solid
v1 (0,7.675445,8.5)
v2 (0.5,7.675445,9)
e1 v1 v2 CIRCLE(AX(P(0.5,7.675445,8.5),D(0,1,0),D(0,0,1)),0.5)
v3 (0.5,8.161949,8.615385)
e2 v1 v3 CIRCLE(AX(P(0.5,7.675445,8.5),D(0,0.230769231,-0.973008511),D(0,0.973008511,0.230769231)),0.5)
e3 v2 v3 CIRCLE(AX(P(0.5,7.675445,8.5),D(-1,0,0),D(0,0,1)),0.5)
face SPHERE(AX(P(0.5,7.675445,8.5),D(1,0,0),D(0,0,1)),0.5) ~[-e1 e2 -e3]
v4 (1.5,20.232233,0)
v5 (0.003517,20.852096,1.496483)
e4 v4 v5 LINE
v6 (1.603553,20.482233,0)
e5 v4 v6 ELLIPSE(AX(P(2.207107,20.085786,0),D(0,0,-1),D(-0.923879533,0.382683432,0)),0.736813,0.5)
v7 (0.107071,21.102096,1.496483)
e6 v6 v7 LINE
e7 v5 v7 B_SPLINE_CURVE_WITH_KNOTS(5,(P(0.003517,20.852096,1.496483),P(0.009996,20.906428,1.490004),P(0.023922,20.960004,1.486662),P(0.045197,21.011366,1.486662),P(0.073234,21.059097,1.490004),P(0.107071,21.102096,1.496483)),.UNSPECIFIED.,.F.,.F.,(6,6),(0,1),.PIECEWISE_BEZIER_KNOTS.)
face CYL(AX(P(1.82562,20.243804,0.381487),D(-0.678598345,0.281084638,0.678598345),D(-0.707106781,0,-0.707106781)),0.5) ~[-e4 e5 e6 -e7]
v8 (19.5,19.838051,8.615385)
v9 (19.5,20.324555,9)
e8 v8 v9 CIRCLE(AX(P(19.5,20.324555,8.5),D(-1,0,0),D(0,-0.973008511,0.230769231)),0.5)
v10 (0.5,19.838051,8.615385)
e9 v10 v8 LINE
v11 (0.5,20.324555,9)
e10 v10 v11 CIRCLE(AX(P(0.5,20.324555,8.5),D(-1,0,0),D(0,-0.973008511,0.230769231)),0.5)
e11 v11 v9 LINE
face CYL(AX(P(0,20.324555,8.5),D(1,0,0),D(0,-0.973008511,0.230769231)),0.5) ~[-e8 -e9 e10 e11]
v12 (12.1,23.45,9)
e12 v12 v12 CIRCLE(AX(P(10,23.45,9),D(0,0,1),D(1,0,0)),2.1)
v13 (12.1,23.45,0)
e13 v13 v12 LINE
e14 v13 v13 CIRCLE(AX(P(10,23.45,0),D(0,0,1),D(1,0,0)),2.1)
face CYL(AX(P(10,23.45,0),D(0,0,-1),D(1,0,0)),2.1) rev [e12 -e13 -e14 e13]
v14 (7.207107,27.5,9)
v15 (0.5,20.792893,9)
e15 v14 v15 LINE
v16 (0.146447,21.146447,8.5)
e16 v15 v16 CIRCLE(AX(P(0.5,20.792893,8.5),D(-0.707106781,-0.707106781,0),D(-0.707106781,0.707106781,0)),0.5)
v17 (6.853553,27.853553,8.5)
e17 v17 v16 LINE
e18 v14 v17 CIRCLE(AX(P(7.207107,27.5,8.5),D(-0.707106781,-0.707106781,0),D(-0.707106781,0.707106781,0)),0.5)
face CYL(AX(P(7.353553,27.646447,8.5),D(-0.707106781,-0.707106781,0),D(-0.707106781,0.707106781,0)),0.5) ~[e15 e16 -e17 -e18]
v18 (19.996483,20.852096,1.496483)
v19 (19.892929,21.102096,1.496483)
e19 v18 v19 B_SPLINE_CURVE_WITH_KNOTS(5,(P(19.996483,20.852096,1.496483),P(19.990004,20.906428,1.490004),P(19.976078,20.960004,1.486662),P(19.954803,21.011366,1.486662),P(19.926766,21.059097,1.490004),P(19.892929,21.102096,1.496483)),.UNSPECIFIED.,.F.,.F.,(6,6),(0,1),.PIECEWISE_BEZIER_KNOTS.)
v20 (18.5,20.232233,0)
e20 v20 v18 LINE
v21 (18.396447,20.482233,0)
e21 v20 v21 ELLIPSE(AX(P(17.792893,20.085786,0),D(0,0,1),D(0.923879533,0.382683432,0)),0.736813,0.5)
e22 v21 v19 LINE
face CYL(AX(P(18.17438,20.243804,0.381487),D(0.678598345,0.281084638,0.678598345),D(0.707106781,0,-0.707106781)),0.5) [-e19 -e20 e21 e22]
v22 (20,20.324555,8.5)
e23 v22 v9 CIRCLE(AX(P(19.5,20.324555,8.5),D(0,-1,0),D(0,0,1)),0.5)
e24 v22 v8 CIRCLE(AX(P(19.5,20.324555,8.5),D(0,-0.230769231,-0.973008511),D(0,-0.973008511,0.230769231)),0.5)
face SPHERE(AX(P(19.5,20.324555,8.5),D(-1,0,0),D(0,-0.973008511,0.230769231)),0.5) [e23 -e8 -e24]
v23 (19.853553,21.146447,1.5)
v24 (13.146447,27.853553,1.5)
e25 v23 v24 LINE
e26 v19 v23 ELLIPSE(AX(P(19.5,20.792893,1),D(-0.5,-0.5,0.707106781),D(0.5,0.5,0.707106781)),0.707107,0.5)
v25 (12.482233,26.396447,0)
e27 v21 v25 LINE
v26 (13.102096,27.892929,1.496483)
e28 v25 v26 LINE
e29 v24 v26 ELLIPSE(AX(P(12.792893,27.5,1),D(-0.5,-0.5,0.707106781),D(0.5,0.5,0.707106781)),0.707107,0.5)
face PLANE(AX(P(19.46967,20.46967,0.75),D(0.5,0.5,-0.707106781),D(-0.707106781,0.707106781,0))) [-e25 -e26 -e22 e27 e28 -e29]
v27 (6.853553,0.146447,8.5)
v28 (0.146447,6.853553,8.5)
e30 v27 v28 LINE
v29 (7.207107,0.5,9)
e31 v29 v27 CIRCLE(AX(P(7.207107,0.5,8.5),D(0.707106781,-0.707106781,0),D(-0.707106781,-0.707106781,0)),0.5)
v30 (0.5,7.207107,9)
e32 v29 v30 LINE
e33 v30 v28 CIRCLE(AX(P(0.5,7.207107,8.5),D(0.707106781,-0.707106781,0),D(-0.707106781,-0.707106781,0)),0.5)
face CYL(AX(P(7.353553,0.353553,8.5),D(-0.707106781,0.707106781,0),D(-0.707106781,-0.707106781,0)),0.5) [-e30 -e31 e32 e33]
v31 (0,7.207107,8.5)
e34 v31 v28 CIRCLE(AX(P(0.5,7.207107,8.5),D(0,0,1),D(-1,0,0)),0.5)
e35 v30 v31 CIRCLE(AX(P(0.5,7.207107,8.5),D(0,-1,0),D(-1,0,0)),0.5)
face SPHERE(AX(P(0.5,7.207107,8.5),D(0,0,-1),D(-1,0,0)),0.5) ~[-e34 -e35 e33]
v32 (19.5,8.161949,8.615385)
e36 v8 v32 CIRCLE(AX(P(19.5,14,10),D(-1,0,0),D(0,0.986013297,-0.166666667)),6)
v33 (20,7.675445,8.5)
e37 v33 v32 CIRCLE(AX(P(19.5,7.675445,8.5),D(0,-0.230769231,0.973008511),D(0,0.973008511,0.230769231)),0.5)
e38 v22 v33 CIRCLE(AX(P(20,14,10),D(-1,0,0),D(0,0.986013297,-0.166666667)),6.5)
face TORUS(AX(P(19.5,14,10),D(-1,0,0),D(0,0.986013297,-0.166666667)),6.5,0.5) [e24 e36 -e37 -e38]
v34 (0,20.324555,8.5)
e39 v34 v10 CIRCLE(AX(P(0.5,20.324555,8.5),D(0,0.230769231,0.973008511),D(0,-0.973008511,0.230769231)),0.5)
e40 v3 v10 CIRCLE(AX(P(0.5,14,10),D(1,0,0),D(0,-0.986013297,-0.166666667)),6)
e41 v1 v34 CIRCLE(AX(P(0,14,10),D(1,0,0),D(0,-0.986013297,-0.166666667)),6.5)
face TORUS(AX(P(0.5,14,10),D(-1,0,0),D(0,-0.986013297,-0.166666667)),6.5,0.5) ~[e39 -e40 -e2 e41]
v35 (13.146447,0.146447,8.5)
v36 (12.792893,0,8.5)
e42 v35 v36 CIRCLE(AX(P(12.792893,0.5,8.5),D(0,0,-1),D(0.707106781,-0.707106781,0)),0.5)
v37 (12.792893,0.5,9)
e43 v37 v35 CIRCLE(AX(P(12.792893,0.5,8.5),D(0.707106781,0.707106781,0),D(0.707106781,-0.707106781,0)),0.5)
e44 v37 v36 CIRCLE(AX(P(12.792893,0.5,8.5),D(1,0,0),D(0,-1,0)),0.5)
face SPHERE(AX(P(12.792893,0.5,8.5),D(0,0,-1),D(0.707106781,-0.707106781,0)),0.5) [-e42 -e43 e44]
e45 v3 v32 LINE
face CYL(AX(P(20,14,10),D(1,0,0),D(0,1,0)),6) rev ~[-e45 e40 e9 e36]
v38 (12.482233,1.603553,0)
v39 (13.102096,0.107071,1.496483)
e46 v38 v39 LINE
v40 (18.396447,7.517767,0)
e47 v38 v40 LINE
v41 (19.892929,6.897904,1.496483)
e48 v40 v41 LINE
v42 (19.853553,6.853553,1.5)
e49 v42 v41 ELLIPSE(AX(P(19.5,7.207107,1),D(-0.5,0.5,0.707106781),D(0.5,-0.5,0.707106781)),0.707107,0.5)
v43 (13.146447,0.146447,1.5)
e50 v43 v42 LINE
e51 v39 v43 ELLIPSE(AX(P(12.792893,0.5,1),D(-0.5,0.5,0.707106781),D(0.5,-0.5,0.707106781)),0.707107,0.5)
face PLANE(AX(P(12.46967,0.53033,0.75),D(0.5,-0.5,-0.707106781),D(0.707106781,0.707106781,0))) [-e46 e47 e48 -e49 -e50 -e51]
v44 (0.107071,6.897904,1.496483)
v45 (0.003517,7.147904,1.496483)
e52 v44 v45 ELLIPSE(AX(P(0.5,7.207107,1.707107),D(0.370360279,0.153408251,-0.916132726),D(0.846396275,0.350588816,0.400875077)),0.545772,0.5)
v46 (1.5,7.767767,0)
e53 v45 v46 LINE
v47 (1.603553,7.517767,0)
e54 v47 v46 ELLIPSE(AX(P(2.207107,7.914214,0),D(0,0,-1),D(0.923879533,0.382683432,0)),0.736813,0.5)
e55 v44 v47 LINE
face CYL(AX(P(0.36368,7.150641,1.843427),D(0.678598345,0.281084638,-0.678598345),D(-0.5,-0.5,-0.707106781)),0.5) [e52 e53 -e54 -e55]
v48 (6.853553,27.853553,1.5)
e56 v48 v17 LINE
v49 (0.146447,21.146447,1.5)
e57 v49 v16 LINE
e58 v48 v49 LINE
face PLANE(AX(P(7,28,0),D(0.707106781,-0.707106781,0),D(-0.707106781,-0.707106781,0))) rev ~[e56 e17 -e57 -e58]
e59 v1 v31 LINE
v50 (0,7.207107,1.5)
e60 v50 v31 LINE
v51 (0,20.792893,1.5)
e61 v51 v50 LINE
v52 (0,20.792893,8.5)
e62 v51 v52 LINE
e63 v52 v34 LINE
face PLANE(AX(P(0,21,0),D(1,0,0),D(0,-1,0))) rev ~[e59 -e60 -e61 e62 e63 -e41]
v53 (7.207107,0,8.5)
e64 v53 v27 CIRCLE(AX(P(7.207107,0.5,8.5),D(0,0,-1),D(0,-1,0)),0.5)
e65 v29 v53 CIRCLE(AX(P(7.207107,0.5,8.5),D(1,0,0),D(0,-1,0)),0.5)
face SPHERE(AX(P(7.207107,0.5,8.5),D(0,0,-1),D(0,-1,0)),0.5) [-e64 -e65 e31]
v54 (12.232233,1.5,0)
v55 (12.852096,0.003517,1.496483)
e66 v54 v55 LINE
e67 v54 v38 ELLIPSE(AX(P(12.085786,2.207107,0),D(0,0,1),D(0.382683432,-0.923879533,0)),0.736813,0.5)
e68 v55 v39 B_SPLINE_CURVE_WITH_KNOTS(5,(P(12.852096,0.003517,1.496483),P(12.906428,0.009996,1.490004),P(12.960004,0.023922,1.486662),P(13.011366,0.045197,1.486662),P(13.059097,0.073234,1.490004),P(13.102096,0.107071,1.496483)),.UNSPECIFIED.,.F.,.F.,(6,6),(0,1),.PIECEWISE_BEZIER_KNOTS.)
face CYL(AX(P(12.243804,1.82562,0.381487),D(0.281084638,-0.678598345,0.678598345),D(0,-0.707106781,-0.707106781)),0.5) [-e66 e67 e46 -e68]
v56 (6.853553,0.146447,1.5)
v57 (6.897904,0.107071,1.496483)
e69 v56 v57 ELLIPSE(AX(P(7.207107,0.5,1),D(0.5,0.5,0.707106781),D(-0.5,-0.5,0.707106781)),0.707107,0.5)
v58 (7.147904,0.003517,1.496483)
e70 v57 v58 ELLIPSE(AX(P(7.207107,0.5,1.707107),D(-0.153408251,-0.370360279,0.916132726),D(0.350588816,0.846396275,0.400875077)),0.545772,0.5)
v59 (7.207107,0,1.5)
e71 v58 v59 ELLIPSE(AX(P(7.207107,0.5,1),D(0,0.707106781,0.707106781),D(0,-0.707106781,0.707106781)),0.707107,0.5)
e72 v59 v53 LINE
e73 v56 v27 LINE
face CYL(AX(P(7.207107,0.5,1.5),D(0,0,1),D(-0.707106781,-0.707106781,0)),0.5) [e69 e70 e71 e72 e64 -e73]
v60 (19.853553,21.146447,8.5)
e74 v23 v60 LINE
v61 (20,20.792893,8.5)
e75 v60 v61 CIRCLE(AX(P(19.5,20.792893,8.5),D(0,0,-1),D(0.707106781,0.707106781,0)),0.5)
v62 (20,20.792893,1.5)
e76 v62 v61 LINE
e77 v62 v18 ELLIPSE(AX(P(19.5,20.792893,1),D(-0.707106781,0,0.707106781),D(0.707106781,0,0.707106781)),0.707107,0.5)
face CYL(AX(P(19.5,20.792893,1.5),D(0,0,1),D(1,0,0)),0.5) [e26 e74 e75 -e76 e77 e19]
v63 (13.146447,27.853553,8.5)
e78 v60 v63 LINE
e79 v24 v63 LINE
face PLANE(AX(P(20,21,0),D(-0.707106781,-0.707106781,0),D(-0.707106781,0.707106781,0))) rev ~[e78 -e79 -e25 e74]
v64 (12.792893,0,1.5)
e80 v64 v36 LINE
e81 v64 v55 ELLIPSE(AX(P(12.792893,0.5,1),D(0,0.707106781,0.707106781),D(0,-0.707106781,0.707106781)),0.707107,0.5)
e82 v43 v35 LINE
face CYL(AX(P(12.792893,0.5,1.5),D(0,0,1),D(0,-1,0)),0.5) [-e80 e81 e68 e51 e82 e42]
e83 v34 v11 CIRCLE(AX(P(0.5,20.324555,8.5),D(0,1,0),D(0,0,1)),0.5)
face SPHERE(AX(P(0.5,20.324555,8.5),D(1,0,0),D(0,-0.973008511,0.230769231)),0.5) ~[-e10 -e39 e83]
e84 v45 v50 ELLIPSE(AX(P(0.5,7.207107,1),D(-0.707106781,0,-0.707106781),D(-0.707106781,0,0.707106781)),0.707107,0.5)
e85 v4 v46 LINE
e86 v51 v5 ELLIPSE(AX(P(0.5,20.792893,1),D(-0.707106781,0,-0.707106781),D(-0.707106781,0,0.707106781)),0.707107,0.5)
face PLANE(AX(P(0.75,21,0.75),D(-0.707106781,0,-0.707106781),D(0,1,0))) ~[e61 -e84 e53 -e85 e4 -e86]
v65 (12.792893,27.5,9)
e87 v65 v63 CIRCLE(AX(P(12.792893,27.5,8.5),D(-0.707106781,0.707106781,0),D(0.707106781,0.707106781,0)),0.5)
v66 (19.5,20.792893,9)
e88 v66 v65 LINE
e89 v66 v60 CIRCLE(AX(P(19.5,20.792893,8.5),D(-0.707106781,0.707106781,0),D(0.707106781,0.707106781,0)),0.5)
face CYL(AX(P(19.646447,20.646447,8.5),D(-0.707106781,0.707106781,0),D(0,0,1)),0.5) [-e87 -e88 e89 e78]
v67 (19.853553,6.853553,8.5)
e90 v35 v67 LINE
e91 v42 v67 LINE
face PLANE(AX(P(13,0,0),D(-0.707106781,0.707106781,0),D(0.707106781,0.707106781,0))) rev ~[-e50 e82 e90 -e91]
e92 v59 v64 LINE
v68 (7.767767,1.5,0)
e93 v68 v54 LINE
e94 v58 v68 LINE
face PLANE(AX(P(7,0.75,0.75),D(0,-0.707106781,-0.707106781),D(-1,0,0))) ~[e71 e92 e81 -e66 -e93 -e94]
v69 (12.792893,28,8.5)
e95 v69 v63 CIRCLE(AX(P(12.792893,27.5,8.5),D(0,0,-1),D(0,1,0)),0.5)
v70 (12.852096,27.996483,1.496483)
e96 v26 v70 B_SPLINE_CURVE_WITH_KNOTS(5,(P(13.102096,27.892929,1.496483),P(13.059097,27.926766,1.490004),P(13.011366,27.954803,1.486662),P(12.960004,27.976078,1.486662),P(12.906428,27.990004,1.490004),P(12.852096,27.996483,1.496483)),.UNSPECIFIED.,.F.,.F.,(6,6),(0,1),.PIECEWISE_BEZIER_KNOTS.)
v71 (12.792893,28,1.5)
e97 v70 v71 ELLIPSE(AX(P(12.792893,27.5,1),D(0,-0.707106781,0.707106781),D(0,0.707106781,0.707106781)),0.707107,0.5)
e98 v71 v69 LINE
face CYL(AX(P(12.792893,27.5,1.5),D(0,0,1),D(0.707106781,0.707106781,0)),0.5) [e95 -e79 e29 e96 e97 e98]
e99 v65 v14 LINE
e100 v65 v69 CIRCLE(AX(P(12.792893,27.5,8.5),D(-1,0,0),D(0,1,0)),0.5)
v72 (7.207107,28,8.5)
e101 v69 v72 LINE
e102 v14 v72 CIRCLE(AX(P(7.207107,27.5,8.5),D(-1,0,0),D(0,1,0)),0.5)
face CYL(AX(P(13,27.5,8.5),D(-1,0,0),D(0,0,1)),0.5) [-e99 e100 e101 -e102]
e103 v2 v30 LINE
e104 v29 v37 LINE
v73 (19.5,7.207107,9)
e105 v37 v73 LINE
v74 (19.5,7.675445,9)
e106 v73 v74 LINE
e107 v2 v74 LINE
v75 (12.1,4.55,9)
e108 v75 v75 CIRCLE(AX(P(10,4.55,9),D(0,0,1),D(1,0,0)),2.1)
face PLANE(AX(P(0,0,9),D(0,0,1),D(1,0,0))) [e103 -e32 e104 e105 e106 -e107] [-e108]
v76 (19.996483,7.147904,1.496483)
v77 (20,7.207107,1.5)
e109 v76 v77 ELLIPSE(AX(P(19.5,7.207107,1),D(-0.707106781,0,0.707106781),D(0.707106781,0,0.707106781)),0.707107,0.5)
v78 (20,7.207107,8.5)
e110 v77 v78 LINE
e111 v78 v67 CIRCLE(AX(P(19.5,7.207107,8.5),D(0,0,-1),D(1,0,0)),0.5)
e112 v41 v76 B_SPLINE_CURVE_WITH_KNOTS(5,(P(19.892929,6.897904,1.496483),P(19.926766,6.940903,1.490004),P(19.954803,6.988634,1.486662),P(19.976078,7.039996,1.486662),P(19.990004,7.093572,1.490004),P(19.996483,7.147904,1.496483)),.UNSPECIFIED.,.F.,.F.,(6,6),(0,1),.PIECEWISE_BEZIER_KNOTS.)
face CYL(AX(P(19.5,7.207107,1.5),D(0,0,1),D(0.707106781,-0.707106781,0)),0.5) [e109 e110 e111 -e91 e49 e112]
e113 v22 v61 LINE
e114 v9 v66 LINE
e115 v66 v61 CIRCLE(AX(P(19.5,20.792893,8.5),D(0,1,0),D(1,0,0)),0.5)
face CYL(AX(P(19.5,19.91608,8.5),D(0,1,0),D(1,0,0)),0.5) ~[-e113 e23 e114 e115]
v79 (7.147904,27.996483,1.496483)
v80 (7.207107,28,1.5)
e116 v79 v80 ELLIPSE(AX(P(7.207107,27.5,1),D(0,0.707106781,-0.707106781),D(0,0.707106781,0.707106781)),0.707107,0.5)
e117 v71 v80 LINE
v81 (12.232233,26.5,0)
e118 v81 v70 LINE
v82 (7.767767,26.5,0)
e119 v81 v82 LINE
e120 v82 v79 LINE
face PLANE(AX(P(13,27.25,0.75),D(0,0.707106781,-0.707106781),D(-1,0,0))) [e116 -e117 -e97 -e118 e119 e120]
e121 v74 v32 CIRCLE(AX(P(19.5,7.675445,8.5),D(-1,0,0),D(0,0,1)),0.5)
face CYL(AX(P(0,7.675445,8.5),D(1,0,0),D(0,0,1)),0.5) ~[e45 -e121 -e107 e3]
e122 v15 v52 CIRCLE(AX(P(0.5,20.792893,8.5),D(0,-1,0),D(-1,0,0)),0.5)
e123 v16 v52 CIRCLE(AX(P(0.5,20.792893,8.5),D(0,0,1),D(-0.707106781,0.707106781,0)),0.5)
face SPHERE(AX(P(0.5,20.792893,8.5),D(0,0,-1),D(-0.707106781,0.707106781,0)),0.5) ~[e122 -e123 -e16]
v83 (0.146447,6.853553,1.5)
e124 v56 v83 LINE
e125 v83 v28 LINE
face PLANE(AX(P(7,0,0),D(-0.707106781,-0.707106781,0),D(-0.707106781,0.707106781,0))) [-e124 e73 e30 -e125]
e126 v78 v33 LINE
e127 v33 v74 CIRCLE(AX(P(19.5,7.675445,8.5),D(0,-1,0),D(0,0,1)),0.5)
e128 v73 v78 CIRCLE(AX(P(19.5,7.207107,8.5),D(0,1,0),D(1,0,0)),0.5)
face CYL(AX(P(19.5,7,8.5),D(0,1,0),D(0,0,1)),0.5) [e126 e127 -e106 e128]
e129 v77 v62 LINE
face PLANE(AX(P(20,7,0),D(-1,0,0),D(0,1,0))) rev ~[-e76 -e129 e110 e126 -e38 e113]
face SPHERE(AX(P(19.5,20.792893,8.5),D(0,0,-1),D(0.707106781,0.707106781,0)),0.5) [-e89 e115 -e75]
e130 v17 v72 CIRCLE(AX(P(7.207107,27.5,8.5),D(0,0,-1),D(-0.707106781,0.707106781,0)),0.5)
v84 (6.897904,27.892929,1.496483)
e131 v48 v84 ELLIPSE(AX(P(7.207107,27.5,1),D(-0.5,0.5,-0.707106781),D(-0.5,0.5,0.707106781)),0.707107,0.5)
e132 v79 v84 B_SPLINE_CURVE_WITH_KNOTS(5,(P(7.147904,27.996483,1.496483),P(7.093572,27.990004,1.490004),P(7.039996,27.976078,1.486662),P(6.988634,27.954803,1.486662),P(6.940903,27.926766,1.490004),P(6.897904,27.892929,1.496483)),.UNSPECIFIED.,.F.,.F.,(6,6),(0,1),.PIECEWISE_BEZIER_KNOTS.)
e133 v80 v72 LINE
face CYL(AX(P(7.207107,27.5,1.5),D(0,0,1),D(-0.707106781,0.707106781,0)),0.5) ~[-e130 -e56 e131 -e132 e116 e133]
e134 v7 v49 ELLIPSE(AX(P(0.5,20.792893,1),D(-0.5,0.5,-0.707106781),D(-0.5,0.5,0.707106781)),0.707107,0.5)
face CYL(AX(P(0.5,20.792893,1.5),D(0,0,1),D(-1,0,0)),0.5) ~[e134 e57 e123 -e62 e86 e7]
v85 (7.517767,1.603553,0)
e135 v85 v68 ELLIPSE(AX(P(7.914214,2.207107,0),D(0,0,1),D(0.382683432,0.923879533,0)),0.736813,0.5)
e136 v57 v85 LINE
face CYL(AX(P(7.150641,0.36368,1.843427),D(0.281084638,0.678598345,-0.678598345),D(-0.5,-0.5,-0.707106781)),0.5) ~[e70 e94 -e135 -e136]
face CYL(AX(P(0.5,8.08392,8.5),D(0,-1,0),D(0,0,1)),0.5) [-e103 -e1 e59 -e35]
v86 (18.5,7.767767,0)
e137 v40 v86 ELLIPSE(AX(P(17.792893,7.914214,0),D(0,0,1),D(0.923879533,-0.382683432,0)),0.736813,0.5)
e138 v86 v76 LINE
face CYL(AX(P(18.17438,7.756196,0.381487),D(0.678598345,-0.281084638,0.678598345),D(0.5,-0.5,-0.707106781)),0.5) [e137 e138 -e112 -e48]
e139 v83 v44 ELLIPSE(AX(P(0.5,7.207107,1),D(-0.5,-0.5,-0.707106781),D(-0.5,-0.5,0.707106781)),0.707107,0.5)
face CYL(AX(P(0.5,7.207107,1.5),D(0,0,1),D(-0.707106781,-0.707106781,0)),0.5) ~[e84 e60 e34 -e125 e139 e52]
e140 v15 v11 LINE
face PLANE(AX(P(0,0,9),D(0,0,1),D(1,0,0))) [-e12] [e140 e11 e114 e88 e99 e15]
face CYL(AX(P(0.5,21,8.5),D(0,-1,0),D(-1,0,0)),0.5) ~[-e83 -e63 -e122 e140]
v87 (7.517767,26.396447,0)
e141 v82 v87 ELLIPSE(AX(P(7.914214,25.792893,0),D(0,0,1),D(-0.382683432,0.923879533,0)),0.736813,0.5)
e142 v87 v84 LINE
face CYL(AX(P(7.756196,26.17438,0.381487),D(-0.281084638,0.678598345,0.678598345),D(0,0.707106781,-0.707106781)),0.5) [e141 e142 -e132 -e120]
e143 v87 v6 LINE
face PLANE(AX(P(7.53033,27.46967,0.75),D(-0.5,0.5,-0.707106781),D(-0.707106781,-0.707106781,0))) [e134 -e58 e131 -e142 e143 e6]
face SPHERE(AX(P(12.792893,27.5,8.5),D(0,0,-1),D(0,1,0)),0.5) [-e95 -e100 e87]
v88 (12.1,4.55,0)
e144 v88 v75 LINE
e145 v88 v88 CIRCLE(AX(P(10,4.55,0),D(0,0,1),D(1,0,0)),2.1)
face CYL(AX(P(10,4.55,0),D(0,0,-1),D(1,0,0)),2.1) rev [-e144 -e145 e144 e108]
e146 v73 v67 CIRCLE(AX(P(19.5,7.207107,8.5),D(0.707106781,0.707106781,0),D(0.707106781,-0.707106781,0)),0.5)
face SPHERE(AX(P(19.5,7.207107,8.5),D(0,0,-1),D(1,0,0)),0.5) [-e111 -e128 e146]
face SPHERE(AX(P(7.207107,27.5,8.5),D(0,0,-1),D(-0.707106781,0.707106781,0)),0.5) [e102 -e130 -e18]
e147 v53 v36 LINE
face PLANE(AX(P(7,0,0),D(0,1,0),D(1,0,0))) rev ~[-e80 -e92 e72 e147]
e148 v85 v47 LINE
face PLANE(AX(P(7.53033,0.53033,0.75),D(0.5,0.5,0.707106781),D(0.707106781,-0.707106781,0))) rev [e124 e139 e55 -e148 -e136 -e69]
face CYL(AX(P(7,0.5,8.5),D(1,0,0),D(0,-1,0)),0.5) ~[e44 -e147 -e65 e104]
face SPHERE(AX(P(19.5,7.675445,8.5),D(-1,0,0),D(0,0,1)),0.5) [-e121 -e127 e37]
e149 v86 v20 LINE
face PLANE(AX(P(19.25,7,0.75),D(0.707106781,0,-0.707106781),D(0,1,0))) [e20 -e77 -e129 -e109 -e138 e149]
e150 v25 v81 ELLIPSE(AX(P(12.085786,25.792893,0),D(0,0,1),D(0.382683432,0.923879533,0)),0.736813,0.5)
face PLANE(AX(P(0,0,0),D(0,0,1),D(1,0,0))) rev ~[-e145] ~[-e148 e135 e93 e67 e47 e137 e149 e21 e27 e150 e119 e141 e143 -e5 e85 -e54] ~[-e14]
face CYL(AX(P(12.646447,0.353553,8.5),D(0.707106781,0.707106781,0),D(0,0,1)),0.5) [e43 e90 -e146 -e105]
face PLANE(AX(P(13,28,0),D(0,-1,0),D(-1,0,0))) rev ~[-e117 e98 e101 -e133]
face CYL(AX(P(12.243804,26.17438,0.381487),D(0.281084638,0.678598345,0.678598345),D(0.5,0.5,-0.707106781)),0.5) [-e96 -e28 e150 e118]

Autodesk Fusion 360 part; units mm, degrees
sketch "Esquisse1" plane through (0, 0, 0) normal (0, 0, 1) x (1, 0, 0)
  line L0 (7, 0) -> (13, 0)
  line L1 (20, 7) -> (20, 21)
  line L2 (13, 28) -> (7, 28)
  line L3 (0, 21) -> (0, 7)
  line L4 (10, 28) -> (10, 0) construction
  circle A0 centre (10, 23.45) radius 2.1
  circle A1 centre (10, 4.55) radius 2.1
  line L5 (-6, 20) -> (25, 20) construction
  line L6 (25, 20) -> (25, 8) construction
  line L7 (25, 8) -> (-6, 8) construction
  line L8 (-6, 8) -> (-6, 20) construction
  line L9 (13, 0) -> (20, 7)
  line L10 (7, 0) -> (0, 7)
  line L11 (20, 21) -> (13, 28)
  line L12 (7, 28) -> (0, 21)
  point P0 (20, 0)
  point P1 (20, 28)
  point P2 (0, 28)
  dimension "d1" = 20
  dimension "d2" = 28
  dimension "d3" = 4.2
  dimension "d4" = 4.2
  dimension "d5" = 18.9
  dimension "d6" = 4.55
  dimension "d7" = 12
  dimension "d8" = 8
  dimension "d9" = 7
  dimension "d10" = 7
  dimension "d11" = 7
  dimension "d12" = 7
  dimension "d13" = 7
  dimension "d14" = 7
  dimension "d15" = 7
  dimension "d16" = 7
extrude "Extrusion1" add sketch "Esquisse1" along normal blind 9
sketch "Esquisse2" plane through (20, 0, 0) normal (1, 0, 0) x (0, 1, 0)
  line L0 (7, 0) -> (21, 0)
  line L1 (21, 0) -> (21, 9)
  line L2 (21, 9) -> (7, 9)
  line L3 (7, 9) -> (7, 0)
  circle A0 centre (14, 10) radius 6
  dimension "d19" = 12
  dimension "d20" = 10
  dimension "d21" = 7
extrude "Extrusion2" cut sketch "Esquisse2" against normal blind 20 contours L2 A0 | L2 A0
chamfer "Chanfrein1" distance 1.5 angle 45 8 edges at (16.5, 3.5, 0) (20, 14, 0) (16.5, 24.5, 0) (10, 28, 0) (3.5, 24.5, 0) (0, 14, 0) (3.5, 3.5, 0) (10, 0, 0)
fillet "Congé1" radius 0.5 22 edges at (10, 8.0839, 9) (10, 19.9161, 9) (0, 21, 5.25) (0, 7, 5.25) (0, 7.542, 9) (7, 0, 5.25) (13, 0, 5.25) (20, 7, 5.25) (20, 7.542, 9) (20, 14, 4) (0, 14, 4) (3.5, 24.5, 9) (10, 28, 9) (16.5, 24.5, 9) (20, 20.458, 9) (0, 20.458, 9) (20, 21, 5.25) (13, 28, 5.25) (7, 28, 5.25) (16.5, 3.5, 9) (10, 0, 9) (3.5, 3.5, 9)
fillet "Congé2" radius 0.5 8 edges at (0.769, 7.3185, 0.731) (7.3185, 0.769, 0.731) (12.6815, 0.769, 0.731) (0.769, 20.6815, 0.731) (7.3185, 27.231, 0.731) (12.6815, 27.231, 0.731) (19.231, 20.6815, 0.731) (19.231, 7.3185, 0.731)
equation "d5 = 14.7 mm + 4.2 mm"
equation "d6 = ( ( 28 - 18.9 ) / 2 ) * 1 mm"
equation "d10 = d9"
equation "d12 = d11"
equation "d14 = d13"
equation "d16 = d15"
